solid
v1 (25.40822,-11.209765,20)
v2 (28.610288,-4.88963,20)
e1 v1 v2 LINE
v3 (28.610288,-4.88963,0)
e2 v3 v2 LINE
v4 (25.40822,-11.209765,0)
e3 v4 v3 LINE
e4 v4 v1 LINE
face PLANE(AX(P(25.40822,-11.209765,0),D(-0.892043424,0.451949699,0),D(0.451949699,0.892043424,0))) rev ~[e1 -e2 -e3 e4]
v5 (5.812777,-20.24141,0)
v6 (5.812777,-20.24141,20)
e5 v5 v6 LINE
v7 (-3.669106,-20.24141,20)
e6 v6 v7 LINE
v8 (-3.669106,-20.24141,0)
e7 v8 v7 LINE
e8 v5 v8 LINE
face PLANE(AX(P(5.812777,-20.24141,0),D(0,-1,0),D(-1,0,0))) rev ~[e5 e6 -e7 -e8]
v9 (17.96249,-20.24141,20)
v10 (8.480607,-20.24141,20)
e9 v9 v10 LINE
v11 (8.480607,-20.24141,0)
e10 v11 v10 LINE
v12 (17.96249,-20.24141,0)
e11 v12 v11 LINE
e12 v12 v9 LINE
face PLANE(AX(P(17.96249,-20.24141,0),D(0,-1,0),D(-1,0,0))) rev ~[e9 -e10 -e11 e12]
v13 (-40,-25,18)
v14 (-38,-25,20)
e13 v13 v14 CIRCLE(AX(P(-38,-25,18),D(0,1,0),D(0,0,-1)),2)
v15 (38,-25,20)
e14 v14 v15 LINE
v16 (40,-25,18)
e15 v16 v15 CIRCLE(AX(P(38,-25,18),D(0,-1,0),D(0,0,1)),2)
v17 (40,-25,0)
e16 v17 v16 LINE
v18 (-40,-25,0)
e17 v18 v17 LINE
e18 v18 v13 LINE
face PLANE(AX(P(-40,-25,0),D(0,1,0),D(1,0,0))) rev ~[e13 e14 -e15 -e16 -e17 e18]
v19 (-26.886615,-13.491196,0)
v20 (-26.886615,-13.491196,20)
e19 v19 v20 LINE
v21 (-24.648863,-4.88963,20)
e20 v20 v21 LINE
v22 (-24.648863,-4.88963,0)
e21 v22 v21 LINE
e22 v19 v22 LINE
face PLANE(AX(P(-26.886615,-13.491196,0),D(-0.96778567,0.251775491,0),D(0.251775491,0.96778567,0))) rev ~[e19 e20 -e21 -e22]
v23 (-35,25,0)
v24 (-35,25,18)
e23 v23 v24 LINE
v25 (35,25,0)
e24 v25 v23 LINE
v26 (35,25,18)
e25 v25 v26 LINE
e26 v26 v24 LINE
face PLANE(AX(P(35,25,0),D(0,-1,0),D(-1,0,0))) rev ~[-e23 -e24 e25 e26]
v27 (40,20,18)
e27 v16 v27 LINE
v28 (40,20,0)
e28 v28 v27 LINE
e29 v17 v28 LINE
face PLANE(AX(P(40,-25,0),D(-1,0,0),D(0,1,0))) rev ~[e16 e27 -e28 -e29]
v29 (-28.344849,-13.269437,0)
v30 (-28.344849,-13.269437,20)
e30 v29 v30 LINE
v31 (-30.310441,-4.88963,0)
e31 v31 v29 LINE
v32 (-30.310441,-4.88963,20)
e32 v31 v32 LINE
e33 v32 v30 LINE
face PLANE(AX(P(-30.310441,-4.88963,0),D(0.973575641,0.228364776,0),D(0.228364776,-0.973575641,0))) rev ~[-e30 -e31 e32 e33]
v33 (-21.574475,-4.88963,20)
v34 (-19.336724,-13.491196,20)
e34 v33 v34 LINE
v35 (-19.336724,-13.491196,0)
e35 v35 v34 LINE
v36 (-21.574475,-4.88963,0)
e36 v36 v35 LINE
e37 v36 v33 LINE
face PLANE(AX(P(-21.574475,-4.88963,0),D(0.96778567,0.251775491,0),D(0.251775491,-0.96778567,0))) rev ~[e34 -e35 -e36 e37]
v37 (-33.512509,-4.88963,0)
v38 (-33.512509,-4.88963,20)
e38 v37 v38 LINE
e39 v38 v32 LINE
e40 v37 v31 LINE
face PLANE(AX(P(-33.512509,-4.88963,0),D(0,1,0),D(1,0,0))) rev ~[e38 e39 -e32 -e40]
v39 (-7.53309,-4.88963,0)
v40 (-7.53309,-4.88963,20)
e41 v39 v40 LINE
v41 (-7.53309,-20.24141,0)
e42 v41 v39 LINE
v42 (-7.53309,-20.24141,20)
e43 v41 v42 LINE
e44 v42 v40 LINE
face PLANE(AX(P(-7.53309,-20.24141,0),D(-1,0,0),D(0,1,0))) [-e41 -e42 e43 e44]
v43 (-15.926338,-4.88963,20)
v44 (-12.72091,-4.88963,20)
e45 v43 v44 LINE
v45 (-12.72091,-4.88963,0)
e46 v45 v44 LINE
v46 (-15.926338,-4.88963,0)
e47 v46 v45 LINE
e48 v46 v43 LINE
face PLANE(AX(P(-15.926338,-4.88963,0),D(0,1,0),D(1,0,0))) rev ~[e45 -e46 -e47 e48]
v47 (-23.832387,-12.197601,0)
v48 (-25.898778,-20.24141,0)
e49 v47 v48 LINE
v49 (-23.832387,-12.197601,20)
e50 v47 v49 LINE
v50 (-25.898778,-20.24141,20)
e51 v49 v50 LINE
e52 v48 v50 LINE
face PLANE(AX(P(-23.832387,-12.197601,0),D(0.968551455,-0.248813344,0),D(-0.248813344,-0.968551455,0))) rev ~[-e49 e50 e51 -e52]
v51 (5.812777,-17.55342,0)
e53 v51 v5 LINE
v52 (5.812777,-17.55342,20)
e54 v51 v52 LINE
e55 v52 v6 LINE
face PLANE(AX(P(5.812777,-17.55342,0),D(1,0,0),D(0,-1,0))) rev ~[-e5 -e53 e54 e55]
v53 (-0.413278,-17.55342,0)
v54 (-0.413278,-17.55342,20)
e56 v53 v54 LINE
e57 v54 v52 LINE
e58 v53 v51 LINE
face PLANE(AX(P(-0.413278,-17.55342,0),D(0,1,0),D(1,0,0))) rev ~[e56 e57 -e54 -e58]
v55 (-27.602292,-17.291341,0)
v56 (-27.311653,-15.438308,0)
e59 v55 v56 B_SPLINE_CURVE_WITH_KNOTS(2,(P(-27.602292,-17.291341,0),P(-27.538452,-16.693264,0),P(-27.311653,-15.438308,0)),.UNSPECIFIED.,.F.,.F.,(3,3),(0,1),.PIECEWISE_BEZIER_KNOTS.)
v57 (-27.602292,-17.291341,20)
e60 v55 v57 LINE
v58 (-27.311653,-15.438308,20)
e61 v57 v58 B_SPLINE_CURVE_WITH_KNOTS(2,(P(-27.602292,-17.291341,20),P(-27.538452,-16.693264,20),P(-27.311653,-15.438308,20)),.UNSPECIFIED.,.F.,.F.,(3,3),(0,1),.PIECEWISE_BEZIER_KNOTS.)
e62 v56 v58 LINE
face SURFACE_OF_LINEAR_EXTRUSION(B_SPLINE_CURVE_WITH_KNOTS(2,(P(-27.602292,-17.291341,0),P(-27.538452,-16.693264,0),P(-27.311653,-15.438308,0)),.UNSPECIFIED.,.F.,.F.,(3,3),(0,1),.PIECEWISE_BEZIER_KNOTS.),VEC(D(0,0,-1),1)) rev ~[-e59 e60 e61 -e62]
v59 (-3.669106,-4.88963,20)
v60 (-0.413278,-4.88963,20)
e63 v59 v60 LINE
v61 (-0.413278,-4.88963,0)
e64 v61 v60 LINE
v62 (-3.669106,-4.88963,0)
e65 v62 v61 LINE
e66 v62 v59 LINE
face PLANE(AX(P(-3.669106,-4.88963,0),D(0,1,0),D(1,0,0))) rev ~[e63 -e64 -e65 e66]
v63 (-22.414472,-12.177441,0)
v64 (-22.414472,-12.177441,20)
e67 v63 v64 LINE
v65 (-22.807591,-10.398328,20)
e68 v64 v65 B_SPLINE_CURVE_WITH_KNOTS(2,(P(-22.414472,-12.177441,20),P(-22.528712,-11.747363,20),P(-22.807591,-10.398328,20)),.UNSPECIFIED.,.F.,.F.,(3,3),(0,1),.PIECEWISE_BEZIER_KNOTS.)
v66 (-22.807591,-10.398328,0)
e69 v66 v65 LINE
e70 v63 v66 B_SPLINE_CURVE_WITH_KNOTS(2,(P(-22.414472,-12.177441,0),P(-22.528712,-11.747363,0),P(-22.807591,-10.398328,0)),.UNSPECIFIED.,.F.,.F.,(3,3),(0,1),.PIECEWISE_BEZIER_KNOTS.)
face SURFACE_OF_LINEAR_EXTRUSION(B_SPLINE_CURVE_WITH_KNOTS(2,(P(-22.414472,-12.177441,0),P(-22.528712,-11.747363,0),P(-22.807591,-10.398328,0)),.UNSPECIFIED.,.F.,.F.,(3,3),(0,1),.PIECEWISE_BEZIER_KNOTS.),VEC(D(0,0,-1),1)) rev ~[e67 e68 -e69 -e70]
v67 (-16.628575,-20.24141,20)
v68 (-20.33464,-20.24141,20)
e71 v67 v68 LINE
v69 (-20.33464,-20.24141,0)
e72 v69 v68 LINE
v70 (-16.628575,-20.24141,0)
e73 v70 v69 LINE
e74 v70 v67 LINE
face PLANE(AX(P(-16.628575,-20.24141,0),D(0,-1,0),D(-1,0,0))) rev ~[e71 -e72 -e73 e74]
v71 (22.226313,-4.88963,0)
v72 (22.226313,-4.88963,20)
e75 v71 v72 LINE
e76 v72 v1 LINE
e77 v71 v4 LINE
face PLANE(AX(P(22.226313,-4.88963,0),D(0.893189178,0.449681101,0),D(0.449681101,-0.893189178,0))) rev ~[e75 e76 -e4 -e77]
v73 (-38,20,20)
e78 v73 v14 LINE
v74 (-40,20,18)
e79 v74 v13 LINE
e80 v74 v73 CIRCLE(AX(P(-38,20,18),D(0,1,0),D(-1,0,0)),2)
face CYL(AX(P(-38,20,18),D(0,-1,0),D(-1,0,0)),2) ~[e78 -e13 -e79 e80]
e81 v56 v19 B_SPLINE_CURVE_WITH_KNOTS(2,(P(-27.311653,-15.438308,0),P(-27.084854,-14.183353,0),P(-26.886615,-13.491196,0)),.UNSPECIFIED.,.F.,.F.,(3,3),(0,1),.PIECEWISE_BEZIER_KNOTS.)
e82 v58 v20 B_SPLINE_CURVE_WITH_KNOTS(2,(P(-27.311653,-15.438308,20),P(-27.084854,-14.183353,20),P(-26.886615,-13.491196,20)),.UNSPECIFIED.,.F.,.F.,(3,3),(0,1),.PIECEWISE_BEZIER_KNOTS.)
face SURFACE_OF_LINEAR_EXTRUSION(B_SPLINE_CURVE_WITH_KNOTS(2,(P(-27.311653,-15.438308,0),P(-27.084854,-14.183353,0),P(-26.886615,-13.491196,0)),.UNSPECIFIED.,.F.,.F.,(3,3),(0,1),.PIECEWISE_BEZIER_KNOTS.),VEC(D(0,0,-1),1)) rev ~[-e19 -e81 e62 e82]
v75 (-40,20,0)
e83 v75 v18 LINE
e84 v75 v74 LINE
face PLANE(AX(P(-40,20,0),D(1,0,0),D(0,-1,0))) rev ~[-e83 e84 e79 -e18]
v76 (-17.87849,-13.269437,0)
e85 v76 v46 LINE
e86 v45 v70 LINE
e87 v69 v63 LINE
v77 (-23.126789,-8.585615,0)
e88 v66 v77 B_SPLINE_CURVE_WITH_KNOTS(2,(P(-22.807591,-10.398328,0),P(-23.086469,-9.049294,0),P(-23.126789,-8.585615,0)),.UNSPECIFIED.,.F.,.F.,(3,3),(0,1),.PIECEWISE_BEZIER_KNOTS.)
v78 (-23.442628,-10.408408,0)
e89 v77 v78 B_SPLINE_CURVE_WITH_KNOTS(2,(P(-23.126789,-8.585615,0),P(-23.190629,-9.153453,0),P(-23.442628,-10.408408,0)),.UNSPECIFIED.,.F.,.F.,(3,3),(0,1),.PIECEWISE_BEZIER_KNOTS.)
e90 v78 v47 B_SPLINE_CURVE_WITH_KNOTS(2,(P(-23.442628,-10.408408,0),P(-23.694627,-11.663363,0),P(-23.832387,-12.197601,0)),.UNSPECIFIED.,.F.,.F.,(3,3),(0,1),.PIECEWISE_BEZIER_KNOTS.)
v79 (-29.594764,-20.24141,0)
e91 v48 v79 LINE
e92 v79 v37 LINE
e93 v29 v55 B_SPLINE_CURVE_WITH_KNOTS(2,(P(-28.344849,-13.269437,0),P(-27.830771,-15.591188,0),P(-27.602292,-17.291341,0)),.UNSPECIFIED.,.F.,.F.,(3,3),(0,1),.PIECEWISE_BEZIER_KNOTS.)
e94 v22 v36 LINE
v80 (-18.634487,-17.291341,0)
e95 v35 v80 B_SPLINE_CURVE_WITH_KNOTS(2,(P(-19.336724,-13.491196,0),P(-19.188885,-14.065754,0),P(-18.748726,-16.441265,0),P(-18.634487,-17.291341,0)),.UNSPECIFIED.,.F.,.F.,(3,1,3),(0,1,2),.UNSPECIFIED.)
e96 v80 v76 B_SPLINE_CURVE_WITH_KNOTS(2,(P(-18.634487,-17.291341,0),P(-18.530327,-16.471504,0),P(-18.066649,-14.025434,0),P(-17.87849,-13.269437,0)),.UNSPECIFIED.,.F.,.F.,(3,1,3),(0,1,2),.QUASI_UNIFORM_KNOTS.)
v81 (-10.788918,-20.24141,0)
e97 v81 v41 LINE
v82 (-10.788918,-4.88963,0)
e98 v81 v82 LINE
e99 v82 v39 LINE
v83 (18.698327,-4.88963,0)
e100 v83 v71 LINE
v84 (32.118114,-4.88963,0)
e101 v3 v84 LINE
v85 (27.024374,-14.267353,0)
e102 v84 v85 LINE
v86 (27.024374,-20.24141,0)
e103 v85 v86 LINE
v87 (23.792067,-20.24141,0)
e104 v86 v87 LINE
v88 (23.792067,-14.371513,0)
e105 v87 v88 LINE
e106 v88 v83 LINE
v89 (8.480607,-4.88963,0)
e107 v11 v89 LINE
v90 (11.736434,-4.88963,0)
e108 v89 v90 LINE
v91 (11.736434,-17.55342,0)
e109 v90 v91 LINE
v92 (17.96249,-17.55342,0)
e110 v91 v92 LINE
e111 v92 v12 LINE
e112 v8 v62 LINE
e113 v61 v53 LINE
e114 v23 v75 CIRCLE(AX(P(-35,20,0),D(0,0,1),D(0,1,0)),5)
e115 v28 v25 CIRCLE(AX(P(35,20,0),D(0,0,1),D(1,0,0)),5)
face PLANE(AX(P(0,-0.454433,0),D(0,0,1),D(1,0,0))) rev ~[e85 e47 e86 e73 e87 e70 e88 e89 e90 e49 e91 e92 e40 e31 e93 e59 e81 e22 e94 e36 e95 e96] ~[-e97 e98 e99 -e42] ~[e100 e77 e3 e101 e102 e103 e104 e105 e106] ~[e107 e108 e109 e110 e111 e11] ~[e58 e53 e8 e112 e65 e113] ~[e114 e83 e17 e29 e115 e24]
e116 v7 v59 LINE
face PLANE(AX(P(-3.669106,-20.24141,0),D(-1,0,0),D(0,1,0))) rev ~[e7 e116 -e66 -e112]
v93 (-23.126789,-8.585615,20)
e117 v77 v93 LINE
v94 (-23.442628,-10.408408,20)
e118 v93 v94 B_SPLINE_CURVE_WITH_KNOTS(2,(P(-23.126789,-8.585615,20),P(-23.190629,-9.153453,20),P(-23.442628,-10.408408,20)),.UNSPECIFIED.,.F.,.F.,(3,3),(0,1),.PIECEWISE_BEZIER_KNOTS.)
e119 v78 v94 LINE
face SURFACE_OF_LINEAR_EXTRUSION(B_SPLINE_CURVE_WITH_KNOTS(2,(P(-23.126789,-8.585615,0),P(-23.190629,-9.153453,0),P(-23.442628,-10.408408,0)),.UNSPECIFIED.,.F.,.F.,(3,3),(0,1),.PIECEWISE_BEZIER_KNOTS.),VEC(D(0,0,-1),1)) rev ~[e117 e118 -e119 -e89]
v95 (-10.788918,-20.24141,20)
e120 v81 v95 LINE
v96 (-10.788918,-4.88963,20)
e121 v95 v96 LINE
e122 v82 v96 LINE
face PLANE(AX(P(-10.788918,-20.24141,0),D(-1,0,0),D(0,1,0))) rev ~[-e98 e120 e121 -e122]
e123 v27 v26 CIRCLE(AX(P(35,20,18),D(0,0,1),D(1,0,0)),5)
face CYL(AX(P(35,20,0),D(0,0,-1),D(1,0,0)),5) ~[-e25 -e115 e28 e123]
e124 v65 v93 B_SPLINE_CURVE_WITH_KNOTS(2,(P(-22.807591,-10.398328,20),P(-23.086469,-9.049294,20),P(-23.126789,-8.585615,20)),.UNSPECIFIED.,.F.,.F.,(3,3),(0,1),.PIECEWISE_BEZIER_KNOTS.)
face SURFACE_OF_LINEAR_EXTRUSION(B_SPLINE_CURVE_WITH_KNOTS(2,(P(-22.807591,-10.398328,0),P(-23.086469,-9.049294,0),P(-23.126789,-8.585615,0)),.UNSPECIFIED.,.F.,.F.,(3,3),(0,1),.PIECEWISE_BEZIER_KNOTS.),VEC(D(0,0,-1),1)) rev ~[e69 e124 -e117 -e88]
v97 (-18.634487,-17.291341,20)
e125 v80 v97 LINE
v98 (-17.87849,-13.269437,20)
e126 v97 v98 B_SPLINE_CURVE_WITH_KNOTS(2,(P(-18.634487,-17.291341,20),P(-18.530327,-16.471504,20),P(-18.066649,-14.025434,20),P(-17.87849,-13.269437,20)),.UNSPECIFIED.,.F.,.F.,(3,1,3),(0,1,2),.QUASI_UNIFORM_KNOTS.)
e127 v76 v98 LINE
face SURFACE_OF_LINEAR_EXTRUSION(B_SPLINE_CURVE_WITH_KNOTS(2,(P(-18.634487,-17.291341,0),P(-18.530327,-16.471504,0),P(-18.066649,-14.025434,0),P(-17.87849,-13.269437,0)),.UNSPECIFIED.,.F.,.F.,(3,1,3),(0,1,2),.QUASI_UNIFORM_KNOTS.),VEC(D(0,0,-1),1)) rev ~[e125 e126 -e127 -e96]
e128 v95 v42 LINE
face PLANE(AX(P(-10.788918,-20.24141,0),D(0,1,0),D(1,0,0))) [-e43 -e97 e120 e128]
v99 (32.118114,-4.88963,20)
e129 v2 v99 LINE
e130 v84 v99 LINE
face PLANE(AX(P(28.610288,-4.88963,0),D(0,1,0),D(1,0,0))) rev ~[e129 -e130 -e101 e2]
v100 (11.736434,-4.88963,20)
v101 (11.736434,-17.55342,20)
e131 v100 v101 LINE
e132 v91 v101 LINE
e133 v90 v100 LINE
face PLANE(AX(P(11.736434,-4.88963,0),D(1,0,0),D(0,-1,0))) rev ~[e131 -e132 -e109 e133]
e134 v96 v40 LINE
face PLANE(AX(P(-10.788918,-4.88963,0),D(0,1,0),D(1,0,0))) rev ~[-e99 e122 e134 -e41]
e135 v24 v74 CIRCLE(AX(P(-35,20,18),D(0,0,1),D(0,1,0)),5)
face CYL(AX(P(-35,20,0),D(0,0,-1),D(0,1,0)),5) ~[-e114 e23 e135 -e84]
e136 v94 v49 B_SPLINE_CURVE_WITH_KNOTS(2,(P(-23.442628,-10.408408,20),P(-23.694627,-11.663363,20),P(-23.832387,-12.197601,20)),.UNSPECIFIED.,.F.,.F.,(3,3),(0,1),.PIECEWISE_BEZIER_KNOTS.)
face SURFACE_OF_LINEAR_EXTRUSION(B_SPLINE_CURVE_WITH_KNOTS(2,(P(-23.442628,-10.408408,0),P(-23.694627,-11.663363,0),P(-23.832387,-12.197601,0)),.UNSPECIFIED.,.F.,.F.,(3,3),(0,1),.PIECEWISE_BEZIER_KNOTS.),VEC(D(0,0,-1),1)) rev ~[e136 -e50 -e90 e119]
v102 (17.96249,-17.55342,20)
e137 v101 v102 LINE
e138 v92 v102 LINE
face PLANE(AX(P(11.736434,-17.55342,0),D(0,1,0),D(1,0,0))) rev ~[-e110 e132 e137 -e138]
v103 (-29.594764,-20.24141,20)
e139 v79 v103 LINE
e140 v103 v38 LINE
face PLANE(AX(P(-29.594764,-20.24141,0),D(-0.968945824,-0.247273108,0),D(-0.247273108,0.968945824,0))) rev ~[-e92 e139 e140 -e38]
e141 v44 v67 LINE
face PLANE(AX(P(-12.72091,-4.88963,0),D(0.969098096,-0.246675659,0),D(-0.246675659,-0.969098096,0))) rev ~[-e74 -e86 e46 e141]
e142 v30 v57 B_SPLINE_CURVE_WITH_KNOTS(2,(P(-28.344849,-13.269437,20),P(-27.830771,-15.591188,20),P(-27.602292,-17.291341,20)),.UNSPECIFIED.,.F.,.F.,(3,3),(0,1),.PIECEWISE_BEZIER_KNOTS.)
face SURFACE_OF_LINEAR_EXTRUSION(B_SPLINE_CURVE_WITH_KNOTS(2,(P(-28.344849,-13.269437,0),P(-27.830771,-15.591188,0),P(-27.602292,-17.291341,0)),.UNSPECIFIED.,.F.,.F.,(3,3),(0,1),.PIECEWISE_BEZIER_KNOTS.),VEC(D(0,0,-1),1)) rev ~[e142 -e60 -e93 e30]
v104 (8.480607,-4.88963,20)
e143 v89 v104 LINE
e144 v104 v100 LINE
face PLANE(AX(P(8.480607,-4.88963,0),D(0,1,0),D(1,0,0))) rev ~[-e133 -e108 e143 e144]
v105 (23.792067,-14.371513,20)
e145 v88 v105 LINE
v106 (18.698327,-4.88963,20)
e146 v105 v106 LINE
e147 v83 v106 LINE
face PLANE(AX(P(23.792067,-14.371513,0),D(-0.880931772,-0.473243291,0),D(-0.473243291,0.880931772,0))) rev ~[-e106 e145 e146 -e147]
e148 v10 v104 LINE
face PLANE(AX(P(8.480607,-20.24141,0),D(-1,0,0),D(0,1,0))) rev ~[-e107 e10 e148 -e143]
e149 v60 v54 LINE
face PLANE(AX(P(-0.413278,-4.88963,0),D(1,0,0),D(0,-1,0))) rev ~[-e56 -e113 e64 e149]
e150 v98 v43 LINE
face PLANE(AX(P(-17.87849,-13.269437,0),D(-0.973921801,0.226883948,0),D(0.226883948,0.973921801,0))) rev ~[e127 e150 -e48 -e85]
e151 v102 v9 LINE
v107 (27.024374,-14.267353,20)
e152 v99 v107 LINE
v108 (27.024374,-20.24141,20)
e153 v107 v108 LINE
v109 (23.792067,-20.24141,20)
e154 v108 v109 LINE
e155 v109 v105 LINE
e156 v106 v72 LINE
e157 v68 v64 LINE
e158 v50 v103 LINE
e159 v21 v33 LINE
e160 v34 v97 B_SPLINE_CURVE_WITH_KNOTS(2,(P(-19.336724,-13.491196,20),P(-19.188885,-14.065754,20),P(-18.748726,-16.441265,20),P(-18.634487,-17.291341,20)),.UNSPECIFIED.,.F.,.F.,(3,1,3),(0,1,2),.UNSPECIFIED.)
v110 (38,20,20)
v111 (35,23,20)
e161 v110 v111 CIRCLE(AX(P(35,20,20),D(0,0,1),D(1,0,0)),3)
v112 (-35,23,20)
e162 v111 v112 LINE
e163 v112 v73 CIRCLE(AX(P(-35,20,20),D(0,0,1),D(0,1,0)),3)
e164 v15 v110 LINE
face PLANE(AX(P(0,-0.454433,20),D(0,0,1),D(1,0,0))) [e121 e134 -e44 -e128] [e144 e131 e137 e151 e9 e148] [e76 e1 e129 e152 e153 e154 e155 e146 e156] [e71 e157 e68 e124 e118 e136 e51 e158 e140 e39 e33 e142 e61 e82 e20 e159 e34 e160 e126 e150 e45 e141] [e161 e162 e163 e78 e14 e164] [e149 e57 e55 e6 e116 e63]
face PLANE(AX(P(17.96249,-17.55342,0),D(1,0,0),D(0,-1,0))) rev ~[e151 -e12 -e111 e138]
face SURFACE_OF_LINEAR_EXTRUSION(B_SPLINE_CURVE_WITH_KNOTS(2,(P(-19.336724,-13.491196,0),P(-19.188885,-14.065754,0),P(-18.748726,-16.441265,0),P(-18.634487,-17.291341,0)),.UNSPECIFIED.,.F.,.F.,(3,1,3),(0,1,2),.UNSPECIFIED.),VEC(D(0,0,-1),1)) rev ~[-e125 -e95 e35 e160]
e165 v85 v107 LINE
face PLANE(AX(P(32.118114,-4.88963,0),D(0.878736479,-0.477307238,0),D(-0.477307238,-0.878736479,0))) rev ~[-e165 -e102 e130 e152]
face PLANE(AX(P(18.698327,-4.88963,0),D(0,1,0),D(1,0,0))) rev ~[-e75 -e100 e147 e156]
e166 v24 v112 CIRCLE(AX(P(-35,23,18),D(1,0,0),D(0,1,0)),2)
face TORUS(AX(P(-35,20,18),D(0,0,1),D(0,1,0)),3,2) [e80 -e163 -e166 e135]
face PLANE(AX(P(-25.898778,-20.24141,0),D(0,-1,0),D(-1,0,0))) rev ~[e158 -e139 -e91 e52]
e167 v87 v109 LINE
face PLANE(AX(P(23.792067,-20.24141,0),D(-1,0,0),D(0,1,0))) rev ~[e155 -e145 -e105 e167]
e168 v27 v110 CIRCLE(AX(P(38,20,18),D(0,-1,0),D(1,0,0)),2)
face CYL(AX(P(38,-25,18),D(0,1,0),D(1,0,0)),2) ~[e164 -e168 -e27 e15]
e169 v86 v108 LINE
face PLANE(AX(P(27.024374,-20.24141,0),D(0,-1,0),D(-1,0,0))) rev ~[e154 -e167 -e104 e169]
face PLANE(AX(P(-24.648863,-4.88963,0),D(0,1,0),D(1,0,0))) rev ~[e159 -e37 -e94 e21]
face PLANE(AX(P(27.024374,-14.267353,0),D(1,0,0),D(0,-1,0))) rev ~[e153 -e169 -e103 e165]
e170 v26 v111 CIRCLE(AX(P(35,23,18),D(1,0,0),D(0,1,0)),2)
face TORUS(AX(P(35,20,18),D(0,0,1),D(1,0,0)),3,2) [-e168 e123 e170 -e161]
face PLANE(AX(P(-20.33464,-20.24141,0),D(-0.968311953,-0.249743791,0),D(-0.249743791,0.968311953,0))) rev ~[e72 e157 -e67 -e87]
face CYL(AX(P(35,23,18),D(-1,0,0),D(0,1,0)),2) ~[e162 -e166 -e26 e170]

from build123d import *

# Parameters (mm, degrees)
F0_W     = 3.2558272286
F0_H     = 15.3517797806
F1_DEPTH = 20
F2_R     = 2


with BuildPart() as f1:
    # F0 (on Top) → F1 (new body)
    with BuildSketch(Plane.XY):
        with BuildLine():
            Line((-40, -25), (40, -25))
            Line((40, -25), (40, 20))
            ThreePointArc((40, 20), (38.5355339059, 23.5355339059), (35, 25))
            Line((35, 25), (-35, 25))
            ThreePointArc((-35, 25), (-38.5355339059, 23.5355339059), (-40, 20))
            Line((-40, 20), (-40, -25))
        make_face()
        with BuildLine():
            Line((-12.7209101006, -4.8896298527), (-16.6285747722, -20.2414096333))
            Line((-16.6285747722, -20.2414096333), (-20.3346402347, -20.2414096333))
            Line((-20.3346402347, -20.2414096333), (-22.4144720763, -12.1774412653))
            add(Edge.make_bspline(
                [(-22.4144720763, -12.1774412653), (-22.5287116282, -11.7473629523), (-22.8075905342, -10.3983282441)],
                knots=[0, 0, 0, 1, 1, 1], degree=2))
            add(Edge.make_bspline(
                [(-22.8075905342, -10.3983282441), (-23.0864694403, -9.0492935358), (-23.1267892821, -8.5856153547)],
                knots=[0, 0, 0, 1, 1, 1], degree=2))
            add(Edge.make_bspline(
                [(-23.1267892821, -8.5856153547), (-23.1906290317, -9.1534531273), (-23.4426280432, -10.4084082045)],
                knots=[0, 0, 0, 1, 1, 1], degree=2))
            add(Edge.make_bspline(
                [(-23.4426280432, -10.4084082045), (-23.6946270547, -11.6633632818), (-23.8323865143, -12.1976011862)],
                knots=[0, 0, 0, 1, 1, 1], degree=2))
            Line((-23.8323865143, -12.1976011862), (-25.8987784087, -20.2414096333))
            Line((-25.8987784087, -20.2414096333), (-29.5947639107, -20.2414096333))
            Line((-29.5947639107, -20.2414096333), (-33.5125085428, -4.8896298527))
            Line((-33.5125085428, -4.8896298527), (-30.3104411033, -4.8896298527))
            Line((-30.3104411033, -4.8896298527), (-28.3448488136, -13.2694369818))
            add(Edge.make_bspline(
                [(-28.3448488136, -13.2694369818), (-27.8307708302, -15.5911878744), (-27.6022917264, -17.2913412053)],
                knots=[0, 0, 0, 1, 1, 1], degree=2))
            add(Edge.make_bspline(
                [(-27.6022917264, -17.2913412053), (-27.5384519768, -16.6932635514), (-27.3116528665, -15.4383084741)],
                knots=[0, 0, 0, 1, 1, 1], degree=2))
            add(Edge.make_bspline(
                [(-27.3116528665, -15.4383084741), (-27.0848537561, -14.1833533968), (-26.8866145337, -13.4911961119)],
                knots=[0, 0, 0, 1, 1, 1], degree=2))
            Line((-26.8866145337, -13.4911961119), (-24.6488633116, -4.8896298527))
            Line((-24.6488633116, -4.8896298527), (-21.5744753713, -4.8896298527))
            Line((-21.5744753713, -4.8896298527), (-19.3367241492, -13.4911961119))
            add(Edge.make_bspline(
                [(-19.3367241492, -13.4911961119), (-19.1888847291, -14.0657538581), (-18.9688055924, -15.253509199)],
                knots=[0, 0, 0, 1, 1, 1], degree=2))
            add(Edge.make_bspline(
                [(-18.9688055924, -15.253509199), (-18.7487264557, -16.4412645399), (-18.6344869038, -17.2913412053)],
                knots=[0, 0, 0, 1, 1, 1], degree=2))
            add(Edge.make_bspline(
                [(-18.6344869038, -17.2913412053), (-18.5303273124, -16.4715044213), (-18.2984882218, -15.2484692188)],
                knots=[0, 0, 0, 1, 1, 1], degree=2))
            add(Edge.make_bspline(
                [(-18.2984882218, -15.2484692188), (-18.0666491312, -14.0254340163), (-17.8784898693, -13.2694369818)],
                knots=[0, 0, 0, 1, 1, 1], degree=2))
            Line((-17.8784898693, -13.2694369818), (-15.9263375269, -4.8896298527))
            Line((-15.9263375269, -4.8896298527), (-12.7209101006, -4.8896298527))
        make_face(mode=Mode.SUBTRACT)
        with Locations((-9.1610040648, -12.565519743)):
            Rectangle(F0_W, F0_H, mode=Mode.SUBTRACT)
        Polygon((5.8127771986, -20.2414096333), (-3.6691056075, -20.2414096333), (-3.6691056075, -4.8896298527), (-0.4132783789, -4.8896298527), (-0.4132783789, -17.5534201773), (5.8127771986, -17.5534201773), align=None, mode=Mode.SUBTRACT)
        Polygon((17.9624895398, -20.2414096333), (8.4806067337, -20.2414096333), (8.4806067337, -4.8896298527), (11.7364339623, -4.8896298527), (11.7364339623, -17.5534201773), (17.9624895398, -17.5534201773), align=None, mode=Mode.SUBTRACT)
        Polygon((22.2263128144, -4.8896298527), (25.4082203329, -11.2097650611), (28.6102877724, -4.8896298527), (32.1181140125, -4.8896298527), (27.0243739934, -14.2673530673), (27.0243739934, -20.2414096333), (23.7920666725, -20.2414096333), (23.7920666725, -14.3715126587), (18.6983266534, -4.8896298527), align=None, mode=Mode.SUBTRACT)
    extrude(amount=F1_DEPTH)

    # F2
    f2_edges = [f1.edges().sort_by_distance(p)[0] for p in [
        (-40, -2.5, 20),
    ]]
    fillet(f2_edges, radius=F2_R)


solid = f1.part
